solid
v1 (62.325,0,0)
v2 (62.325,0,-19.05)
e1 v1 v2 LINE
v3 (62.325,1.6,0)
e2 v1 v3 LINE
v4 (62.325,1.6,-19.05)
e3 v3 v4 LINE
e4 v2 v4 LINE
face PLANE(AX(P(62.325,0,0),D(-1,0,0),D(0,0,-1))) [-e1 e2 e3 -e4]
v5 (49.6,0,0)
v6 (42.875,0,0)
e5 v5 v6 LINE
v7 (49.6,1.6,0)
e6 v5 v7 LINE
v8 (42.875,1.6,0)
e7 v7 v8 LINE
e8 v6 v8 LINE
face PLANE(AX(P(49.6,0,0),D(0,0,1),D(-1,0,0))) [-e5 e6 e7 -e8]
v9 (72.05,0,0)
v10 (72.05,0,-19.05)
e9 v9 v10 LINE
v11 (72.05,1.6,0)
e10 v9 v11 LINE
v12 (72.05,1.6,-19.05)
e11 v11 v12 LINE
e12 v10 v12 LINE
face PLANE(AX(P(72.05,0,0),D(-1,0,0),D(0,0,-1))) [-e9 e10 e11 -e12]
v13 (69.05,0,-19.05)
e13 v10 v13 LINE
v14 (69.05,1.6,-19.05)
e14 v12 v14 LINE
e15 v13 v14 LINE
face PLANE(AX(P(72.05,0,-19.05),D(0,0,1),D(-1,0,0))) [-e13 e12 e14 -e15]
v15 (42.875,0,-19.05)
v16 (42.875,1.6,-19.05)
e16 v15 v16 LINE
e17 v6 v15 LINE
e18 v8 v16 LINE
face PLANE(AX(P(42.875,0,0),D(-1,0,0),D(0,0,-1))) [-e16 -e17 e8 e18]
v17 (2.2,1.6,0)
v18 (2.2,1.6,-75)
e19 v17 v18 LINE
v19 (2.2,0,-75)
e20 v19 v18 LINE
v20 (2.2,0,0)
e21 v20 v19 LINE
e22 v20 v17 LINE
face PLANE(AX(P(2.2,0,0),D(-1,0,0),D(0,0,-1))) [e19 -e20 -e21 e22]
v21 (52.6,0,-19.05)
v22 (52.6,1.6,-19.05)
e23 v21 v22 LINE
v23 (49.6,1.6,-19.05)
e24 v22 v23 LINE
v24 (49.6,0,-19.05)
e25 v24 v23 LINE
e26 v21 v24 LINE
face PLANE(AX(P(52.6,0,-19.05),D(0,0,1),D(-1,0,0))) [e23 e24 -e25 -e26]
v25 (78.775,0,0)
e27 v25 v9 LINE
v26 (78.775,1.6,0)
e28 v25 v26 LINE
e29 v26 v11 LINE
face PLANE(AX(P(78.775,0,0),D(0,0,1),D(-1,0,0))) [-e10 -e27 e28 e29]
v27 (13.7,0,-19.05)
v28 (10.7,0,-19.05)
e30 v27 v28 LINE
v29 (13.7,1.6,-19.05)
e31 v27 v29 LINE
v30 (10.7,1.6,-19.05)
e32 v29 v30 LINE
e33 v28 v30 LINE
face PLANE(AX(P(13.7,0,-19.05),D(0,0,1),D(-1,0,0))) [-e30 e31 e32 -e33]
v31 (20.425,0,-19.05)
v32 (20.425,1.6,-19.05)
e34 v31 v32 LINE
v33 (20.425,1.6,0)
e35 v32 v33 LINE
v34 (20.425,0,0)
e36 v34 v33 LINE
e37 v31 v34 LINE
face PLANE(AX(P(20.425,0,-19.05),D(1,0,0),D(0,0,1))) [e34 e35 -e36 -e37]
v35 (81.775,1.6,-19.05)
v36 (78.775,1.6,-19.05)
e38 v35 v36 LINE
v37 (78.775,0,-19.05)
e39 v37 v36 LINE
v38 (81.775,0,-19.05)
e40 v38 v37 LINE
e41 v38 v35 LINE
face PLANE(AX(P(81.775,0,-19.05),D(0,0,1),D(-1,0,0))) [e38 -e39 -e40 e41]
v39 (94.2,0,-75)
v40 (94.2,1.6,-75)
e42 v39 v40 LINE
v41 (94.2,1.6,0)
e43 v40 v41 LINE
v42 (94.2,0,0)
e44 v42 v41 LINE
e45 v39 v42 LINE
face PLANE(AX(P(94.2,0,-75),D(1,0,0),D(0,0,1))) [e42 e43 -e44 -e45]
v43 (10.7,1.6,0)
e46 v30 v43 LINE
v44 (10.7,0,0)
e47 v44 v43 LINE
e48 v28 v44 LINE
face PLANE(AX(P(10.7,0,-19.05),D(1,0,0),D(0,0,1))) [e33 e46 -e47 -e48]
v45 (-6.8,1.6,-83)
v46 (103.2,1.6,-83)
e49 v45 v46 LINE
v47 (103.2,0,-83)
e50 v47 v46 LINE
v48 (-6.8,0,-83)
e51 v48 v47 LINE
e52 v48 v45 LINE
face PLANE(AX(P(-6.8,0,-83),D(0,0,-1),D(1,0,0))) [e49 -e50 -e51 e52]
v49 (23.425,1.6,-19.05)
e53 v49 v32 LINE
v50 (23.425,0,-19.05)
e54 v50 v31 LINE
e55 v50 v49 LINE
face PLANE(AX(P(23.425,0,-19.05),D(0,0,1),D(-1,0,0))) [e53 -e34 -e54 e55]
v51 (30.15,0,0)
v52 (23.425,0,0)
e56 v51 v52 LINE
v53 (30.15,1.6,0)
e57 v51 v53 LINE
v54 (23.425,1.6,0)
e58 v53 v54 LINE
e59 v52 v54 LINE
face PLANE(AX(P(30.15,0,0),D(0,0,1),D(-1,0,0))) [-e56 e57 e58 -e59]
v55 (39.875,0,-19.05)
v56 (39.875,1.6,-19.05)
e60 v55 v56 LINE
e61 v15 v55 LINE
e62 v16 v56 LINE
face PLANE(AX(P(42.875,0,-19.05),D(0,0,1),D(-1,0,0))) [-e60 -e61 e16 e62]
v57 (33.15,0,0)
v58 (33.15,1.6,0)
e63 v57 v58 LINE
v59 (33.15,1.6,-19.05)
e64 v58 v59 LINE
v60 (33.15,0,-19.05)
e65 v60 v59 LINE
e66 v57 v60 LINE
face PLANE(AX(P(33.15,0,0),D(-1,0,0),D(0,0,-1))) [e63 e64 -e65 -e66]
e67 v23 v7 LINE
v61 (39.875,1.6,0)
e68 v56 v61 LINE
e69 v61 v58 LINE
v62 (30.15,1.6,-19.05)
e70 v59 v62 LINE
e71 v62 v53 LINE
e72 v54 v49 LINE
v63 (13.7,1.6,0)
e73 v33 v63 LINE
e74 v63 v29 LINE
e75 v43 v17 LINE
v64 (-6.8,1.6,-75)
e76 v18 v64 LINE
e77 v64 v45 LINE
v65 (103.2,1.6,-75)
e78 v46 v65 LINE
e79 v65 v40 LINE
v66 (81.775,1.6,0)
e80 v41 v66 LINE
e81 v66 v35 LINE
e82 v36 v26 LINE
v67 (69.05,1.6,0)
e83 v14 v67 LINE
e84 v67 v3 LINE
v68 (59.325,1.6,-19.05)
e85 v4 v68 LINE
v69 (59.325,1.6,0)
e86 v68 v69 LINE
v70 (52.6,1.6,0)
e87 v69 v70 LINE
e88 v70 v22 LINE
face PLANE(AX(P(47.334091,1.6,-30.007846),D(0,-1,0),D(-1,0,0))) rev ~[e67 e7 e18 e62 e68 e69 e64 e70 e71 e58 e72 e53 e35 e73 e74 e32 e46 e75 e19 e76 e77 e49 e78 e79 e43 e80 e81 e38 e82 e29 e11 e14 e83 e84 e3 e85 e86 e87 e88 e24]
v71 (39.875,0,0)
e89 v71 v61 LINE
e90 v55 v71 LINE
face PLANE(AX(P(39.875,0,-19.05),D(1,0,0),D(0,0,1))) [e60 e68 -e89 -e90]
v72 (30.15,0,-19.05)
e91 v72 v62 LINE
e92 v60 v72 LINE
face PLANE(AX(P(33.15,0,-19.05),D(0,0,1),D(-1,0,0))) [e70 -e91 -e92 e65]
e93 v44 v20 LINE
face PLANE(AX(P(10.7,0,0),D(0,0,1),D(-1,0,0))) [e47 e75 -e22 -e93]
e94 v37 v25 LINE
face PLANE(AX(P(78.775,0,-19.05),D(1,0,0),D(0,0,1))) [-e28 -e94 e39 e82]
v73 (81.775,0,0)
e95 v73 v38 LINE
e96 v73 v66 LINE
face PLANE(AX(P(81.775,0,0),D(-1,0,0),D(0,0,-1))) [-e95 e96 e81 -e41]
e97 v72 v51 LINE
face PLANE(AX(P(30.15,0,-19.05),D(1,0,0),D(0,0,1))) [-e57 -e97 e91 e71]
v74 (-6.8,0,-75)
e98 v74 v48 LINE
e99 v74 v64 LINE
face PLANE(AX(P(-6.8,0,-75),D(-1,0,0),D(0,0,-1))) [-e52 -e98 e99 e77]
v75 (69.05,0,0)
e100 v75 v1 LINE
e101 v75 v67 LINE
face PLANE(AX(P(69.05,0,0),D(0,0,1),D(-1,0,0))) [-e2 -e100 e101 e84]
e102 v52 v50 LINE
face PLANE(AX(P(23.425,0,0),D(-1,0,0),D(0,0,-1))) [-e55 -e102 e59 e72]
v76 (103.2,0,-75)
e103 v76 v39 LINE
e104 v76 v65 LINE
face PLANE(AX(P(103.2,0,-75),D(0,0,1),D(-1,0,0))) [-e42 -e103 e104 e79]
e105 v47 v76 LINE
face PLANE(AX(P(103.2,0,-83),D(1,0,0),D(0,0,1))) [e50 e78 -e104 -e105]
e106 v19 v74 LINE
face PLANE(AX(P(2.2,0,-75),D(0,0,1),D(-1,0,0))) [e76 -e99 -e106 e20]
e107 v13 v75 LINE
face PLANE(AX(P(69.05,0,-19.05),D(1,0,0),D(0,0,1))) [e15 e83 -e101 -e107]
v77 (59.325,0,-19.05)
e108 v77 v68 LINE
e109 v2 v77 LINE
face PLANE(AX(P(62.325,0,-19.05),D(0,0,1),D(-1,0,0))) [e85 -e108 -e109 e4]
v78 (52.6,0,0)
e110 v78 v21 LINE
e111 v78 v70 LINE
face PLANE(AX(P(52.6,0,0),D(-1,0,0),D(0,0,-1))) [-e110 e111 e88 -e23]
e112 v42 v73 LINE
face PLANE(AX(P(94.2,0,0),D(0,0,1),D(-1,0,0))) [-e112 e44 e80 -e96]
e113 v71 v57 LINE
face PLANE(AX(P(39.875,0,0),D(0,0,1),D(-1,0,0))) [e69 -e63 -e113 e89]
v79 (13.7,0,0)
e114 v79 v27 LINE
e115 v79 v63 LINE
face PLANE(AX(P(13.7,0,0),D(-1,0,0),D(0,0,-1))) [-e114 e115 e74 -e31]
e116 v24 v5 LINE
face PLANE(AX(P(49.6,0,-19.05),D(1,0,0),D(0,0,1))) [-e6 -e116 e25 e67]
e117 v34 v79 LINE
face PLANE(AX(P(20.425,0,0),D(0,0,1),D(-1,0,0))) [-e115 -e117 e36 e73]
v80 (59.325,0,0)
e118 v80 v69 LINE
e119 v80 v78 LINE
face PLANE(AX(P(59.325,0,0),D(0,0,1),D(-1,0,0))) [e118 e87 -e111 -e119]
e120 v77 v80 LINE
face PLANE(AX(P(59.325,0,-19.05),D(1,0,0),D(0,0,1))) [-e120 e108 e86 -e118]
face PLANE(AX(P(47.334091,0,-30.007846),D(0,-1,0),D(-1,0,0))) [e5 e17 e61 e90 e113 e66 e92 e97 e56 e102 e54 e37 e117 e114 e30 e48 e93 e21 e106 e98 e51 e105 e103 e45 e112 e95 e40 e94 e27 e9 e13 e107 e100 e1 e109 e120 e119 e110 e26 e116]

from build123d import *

# Parameters (mm, degrees)
BOSS_EXTRUDE1_DEPTH = 1.6


with BuildPart() as part:
    # Sketch1 → Boss-Extrude1 (new body)
    with BuildSketch(Plane(origin=(0, 0, 0), x_dir=(1, 0, 0), z_dir=(0, 1, 0))):
        Polygon((2.2, 75), (-6.8, 75), (-6.8, 83), (103.2, 83), (103.2, 75), (94.2, 75), (94.2, 0), (81.775, 0), (81.775, 19.05), (78.775, 19.05), (78.775, 0), (72.05, 0), (72.05, 19.05), (69.05, 19.05), (69.05, 0), (62.325, 0), (62.325, 19.05), (59.325, 19.05), (59.325, 0), (52.6, 0), (52.6, 19.05), (49.6, 19.05), (49.6, 0), (42.875, 0), (42.875, 19.05), (39.875, 19.05), (39.875, 0), (33.15, 0), (33.15, 19.05), (30.15, 19.05), (30.15, 0), (23.425, 0), (23.425, 19.05), (20.425, 19.05), (20.425, 0), (13.7, 0), (13.7, 19.05), (10.7, 19.05), (10.7, 0), (2.2, 0), align=None)
    extrude(amount=BOSS_EXTRUDE1_DEPTH)


solid = part.part
